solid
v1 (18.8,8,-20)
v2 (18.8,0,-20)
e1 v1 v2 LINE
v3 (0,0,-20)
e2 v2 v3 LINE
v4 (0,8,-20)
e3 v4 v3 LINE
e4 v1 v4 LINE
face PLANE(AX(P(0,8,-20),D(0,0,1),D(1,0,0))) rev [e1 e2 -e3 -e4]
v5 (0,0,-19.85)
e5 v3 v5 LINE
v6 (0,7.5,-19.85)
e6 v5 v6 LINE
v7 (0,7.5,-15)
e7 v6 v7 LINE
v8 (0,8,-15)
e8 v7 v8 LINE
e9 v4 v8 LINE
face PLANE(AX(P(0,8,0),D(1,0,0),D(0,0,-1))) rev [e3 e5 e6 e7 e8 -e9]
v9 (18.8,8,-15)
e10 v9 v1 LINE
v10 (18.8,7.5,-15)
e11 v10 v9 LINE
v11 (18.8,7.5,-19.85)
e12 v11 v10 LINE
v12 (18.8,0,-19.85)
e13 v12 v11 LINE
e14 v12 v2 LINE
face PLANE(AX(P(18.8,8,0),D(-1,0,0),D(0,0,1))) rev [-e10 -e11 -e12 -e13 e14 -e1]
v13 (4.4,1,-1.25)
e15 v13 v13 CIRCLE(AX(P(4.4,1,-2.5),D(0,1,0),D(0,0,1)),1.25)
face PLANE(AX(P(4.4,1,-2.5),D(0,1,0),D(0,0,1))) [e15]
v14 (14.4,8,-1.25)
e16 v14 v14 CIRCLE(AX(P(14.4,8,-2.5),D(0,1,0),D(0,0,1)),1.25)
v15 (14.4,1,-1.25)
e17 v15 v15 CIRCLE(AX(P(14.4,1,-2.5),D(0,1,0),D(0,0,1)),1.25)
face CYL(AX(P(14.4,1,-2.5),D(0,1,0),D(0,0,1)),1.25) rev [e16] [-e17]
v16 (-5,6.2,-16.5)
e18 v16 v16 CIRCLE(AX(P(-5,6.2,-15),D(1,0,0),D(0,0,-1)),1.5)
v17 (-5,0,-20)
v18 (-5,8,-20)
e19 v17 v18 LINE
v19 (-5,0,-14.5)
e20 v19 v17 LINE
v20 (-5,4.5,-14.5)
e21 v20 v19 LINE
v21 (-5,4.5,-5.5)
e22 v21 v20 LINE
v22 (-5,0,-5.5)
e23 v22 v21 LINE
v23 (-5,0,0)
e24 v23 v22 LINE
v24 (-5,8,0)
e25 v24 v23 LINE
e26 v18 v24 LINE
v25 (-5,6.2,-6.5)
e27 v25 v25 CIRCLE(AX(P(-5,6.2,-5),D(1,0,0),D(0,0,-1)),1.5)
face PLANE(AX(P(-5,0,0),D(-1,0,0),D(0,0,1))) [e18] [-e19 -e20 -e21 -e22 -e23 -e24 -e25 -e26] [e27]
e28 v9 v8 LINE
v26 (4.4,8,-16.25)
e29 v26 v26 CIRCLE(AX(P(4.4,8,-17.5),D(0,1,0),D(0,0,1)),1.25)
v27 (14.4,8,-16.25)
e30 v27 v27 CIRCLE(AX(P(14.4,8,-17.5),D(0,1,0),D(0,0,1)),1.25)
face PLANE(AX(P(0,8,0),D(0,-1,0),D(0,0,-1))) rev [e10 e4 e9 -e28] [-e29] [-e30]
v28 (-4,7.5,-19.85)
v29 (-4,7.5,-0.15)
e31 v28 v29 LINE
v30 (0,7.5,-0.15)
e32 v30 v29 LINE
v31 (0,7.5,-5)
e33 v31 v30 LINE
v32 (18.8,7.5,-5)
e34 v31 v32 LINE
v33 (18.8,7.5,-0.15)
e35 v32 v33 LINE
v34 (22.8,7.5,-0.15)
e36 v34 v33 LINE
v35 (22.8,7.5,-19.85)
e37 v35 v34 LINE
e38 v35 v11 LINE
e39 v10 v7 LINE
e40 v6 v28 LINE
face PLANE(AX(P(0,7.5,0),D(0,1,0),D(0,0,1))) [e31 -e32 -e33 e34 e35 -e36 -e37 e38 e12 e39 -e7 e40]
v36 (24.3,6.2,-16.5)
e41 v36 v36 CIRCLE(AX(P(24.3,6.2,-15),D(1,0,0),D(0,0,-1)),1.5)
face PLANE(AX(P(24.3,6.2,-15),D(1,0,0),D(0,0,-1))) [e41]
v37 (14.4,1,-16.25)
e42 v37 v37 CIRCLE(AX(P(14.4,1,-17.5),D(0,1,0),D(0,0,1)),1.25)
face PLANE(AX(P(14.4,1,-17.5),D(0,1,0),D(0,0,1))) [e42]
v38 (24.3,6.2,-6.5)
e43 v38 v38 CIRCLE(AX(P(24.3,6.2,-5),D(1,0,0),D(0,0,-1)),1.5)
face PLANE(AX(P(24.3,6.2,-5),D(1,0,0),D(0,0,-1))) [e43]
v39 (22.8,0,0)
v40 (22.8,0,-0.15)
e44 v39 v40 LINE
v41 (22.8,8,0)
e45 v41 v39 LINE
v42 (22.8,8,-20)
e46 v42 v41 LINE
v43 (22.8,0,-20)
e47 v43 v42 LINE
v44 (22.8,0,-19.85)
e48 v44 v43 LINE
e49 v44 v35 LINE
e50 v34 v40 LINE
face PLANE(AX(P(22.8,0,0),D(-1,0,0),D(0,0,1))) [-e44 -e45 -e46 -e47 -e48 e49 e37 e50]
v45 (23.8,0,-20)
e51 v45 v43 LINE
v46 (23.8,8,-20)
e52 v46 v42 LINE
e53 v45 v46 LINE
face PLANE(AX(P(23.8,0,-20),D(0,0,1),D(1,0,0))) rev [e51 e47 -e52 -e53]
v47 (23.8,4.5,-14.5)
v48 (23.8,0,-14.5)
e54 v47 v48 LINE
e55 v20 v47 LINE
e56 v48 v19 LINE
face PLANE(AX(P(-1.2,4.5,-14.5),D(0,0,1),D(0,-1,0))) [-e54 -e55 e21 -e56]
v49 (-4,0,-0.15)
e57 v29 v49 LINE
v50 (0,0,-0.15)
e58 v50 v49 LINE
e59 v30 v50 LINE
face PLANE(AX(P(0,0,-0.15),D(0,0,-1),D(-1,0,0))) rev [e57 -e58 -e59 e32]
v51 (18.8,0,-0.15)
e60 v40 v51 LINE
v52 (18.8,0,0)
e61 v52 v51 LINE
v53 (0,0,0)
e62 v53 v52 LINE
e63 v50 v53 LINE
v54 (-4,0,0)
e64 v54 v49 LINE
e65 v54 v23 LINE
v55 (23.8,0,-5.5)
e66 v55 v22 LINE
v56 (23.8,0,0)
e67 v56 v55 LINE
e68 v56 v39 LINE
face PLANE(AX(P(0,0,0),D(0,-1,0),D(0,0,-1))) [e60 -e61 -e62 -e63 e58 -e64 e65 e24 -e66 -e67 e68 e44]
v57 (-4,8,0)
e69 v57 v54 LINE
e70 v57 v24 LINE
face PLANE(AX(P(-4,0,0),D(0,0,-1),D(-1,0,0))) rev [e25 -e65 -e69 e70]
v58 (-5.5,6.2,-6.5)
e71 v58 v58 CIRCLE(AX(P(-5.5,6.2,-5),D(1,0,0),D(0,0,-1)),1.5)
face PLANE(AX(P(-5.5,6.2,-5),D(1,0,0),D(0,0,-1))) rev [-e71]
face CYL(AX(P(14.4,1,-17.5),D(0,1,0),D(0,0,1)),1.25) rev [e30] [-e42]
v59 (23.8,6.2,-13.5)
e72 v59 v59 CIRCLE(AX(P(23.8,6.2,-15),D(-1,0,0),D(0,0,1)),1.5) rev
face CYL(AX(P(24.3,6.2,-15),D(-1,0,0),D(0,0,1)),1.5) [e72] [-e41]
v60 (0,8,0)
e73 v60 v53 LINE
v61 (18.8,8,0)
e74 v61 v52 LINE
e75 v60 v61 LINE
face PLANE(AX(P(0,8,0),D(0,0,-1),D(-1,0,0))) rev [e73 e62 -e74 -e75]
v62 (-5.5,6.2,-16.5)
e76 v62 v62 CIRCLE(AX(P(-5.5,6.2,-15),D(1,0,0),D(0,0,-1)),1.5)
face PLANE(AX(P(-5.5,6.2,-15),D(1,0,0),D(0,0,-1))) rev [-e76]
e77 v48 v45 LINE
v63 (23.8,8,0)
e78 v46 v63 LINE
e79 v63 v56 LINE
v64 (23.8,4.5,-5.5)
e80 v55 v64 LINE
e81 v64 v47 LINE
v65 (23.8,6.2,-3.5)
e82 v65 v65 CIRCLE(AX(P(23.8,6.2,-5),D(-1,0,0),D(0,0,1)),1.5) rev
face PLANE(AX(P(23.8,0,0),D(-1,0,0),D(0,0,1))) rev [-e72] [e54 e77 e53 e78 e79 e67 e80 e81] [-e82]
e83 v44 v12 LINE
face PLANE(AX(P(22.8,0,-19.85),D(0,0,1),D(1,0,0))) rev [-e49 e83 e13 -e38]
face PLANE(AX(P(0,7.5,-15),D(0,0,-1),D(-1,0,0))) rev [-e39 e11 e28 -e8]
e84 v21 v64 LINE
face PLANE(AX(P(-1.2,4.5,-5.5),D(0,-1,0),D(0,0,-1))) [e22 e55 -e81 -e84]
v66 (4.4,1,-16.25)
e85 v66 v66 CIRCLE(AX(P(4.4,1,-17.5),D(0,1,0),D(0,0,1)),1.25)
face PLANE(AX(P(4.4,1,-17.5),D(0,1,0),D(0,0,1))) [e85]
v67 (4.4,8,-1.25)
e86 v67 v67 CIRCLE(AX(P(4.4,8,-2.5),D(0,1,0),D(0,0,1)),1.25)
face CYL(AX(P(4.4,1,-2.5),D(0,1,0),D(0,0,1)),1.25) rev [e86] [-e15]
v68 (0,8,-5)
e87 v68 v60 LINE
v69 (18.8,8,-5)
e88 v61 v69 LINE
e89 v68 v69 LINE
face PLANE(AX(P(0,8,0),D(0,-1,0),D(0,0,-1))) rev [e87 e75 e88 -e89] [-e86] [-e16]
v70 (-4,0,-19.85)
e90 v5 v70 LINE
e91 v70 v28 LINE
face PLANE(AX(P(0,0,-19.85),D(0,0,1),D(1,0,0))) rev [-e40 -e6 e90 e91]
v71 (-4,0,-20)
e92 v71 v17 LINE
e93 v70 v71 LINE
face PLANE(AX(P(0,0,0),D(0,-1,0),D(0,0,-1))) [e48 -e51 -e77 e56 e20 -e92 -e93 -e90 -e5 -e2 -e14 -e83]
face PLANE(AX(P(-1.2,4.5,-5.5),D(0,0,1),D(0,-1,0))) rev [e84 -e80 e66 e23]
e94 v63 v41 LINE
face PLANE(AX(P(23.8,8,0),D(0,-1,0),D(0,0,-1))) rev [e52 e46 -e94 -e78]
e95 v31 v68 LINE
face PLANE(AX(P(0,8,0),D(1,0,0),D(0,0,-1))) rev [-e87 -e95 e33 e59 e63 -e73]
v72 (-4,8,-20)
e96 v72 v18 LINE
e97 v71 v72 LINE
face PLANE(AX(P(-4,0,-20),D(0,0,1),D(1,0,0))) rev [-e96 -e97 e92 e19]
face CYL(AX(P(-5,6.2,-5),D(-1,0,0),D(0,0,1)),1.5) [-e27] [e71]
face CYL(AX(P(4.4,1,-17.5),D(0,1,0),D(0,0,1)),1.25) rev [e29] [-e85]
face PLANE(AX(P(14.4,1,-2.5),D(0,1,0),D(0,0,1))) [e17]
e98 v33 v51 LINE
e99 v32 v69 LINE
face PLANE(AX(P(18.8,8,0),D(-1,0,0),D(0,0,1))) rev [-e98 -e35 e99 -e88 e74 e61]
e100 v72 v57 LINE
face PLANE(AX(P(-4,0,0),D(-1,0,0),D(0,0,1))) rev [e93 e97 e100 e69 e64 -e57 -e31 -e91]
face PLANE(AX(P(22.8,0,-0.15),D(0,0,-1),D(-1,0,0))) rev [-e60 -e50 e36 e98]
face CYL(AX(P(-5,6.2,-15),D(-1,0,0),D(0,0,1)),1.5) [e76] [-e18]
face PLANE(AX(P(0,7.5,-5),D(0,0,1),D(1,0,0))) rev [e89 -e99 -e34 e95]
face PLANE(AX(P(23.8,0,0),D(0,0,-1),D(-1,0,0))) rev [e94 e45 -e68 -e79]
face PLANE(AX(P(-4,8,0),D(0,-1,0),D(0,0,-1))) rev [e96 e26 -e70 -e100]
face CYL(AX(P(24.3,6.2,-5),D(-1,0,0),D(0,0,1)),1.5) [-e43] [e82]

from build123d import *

# Parameters (mm, degrees)
SKETCH1_W           = 18.8
SKETCH1_H           = 20
BOSS_EXTRUDE1_DEPTH = 8
SKETCH2_R           = 1.25
CUT_EXTRUDE1_DEPTH  = 7
SKETCH3_W           = 18.8
SKETCH3_H           = 10
CUT_EXTRUDE2_DEPTH  = 0.5
SKETCH4_W           = 9
SKETCH4_H           = 4.5
CUT_EXTRUDE3_DEPTH  = 20
BOSS_EXTRUDE2_DEPTH = 4
LPATTERN1_COUNT     = 2
LPATTERN1_PITCH     = 22.8
BOSS_EXTRUDE3_DEPTH = 1
LPATTERN3_COUNT     = 2
LPATTERN3_PITCH     = 27.8
SKETCH8_R           = 1.5
BOSS_EXTRUDE4_DEPTH = 0.5
LPATTERN4_COUNT     = 2
LPATTERN4_PITCH     = 29.3


with BuildPart() as part:
    # Sketch1 → Boss-Extrude1 (new body)
    with BuildSketch(Plane(origin=(0, 0, 0), x_dir=(1, 0, 0), z_dir=(0, 1, 0))):
        with Locations((9.4, 10)):
            Rectangle(SKETCH1_W, SKETCH1_H)
    extrude(amount=BOSS_EXTRUDE1_DEPTH)

    # Sketch2 → Cut-Extrude1 (cut)
    with BuildSketch(Plane(origin=(0, 8, 0), x_dir=(1, 0, 0), z_dir=(0, 1, 0))):
        with Locations(Location((4.4, 2.5, 0), (0, 0, 270))):
            Circle(SKETCH2_R)
        with Locations(Location((14.4, 2.5, 0), (0, 0, 270))):
            Circle(SKETCH2_R)
        with Locations(Location((14.4, 17.5, 0), (0, 0, 270))):
            Circle(SKETCH2_R)
        with Locations(Location((4.4, 17.5, 0), (0, 0, 270))):
            Circle(SKETCH2_R)
    extrude(amount=-CUT_EXTRUDE1_DEPTH, mode=Mode.SUBTRACT)

    # Sketch3 → Cut-Extrude2 (cut)
    with BuildSketch(Plane(origin=(0, 8, 0), x_dir=(1, 0, 0), z_dir=(0, 1, 0))):
        with Locations((9.4, 10)):
            Rectangle(SKETCH3_W, SKETCH3_H)
    extrude(amount=-CUT_EXTRUDE2_DEPTH, mode=Mode.SUBTRACT)

    # Sketch4 → Cut-Extrude3 (cut)
    with BuildSketch(Plane(origin=(18.8, 0, 0), x_dir=(0, 0, -1), z_dir=(1, 0, 0))):
        with Locations((10, 2.25)):
            Rectangle(SKETCH4_W, SKETCH4_H)
    extrude(amount=-CUT_EXTRUDE3_DEPTH, mode=Mode.SUBTRACT)

    # Sketch5 → Boss-Extrude2 (add)
    with BuildSketch(Plane(origin=(18.8, 0, 0), x_dir=(0, 0, -1), z_dir=(1, 0, 0))):
        Polygon((5.5, 0), (0.15, 0), (0.15, 7.5), (5.5, 7.5), (14.5, 7.5), (19.85, 7.5), (19.85, 0), (14.5, 0), (14.5, 4.5), (5.5, 4.5), align=None)
    boss_extrude2 = extrude(amount=BOSS_EXTRUDE2_DEPTH)

    # LPattern1: Boss-Extrude2 ×2
    with Locations(*[(-i * LPATTERN1_PITCH, 0, 0) for i in range(1, LPATTERN1_COUNT)]):
        add(boss_extrude2)

    # Sketch6 → Boss-Extrude3 (add)
    with BuildSketch(Plane(origin=(22.8, 0, 0), x_dir=(0, 0, -1), z_dir=(1, 0, 0))):
        Polygon((0, 0), (5, 0), (5.5, 0), (5.5, 4.5), (14.5, 4.5), (14.5, 0), (15, 0), (20, 0), (20, 8), (15, 8), (5, 8), (0, 8), align=None)
    boss_extrude3 = extrude(amount=BOSS_EXTRUDE3_DEPTH)

    # LPattern3: Boss-Extrude3 ×2
    with Locations(*[(-i * LPATTERN3_PITCH, 0, 0) for i in range(1, LPATTERN3_COUNT)]):
        add(boss_extrude3)

    # Sketch8 → Boss-Extrude4 (add)
    with BuildSketch(Plane(origin=(23.8, 0, 0), x_dir=(0, 0, -1), z_dir=(1, 0, 0))):
        with Locations(Location((5, 6.2, 0), (0, 0, 180))):
            Circle(SKETCH8_R)
        with Locations(Location((15, 6.2, 0), (0, 0, 180))):
            Circle(SKETCH8_R)
    boss_extrude4 = extrude(amount=BOSS_EXTRUDE4_DEPTH)

    # LPattern4: Boss-Extrude4 ×2
    with Locations(*[(-i * LPATTERN4_PITCH, 0, 0) for i in range(1, LPATTERN4_COUNT)]):
        add(boss_extrude4)


solid = part.part
